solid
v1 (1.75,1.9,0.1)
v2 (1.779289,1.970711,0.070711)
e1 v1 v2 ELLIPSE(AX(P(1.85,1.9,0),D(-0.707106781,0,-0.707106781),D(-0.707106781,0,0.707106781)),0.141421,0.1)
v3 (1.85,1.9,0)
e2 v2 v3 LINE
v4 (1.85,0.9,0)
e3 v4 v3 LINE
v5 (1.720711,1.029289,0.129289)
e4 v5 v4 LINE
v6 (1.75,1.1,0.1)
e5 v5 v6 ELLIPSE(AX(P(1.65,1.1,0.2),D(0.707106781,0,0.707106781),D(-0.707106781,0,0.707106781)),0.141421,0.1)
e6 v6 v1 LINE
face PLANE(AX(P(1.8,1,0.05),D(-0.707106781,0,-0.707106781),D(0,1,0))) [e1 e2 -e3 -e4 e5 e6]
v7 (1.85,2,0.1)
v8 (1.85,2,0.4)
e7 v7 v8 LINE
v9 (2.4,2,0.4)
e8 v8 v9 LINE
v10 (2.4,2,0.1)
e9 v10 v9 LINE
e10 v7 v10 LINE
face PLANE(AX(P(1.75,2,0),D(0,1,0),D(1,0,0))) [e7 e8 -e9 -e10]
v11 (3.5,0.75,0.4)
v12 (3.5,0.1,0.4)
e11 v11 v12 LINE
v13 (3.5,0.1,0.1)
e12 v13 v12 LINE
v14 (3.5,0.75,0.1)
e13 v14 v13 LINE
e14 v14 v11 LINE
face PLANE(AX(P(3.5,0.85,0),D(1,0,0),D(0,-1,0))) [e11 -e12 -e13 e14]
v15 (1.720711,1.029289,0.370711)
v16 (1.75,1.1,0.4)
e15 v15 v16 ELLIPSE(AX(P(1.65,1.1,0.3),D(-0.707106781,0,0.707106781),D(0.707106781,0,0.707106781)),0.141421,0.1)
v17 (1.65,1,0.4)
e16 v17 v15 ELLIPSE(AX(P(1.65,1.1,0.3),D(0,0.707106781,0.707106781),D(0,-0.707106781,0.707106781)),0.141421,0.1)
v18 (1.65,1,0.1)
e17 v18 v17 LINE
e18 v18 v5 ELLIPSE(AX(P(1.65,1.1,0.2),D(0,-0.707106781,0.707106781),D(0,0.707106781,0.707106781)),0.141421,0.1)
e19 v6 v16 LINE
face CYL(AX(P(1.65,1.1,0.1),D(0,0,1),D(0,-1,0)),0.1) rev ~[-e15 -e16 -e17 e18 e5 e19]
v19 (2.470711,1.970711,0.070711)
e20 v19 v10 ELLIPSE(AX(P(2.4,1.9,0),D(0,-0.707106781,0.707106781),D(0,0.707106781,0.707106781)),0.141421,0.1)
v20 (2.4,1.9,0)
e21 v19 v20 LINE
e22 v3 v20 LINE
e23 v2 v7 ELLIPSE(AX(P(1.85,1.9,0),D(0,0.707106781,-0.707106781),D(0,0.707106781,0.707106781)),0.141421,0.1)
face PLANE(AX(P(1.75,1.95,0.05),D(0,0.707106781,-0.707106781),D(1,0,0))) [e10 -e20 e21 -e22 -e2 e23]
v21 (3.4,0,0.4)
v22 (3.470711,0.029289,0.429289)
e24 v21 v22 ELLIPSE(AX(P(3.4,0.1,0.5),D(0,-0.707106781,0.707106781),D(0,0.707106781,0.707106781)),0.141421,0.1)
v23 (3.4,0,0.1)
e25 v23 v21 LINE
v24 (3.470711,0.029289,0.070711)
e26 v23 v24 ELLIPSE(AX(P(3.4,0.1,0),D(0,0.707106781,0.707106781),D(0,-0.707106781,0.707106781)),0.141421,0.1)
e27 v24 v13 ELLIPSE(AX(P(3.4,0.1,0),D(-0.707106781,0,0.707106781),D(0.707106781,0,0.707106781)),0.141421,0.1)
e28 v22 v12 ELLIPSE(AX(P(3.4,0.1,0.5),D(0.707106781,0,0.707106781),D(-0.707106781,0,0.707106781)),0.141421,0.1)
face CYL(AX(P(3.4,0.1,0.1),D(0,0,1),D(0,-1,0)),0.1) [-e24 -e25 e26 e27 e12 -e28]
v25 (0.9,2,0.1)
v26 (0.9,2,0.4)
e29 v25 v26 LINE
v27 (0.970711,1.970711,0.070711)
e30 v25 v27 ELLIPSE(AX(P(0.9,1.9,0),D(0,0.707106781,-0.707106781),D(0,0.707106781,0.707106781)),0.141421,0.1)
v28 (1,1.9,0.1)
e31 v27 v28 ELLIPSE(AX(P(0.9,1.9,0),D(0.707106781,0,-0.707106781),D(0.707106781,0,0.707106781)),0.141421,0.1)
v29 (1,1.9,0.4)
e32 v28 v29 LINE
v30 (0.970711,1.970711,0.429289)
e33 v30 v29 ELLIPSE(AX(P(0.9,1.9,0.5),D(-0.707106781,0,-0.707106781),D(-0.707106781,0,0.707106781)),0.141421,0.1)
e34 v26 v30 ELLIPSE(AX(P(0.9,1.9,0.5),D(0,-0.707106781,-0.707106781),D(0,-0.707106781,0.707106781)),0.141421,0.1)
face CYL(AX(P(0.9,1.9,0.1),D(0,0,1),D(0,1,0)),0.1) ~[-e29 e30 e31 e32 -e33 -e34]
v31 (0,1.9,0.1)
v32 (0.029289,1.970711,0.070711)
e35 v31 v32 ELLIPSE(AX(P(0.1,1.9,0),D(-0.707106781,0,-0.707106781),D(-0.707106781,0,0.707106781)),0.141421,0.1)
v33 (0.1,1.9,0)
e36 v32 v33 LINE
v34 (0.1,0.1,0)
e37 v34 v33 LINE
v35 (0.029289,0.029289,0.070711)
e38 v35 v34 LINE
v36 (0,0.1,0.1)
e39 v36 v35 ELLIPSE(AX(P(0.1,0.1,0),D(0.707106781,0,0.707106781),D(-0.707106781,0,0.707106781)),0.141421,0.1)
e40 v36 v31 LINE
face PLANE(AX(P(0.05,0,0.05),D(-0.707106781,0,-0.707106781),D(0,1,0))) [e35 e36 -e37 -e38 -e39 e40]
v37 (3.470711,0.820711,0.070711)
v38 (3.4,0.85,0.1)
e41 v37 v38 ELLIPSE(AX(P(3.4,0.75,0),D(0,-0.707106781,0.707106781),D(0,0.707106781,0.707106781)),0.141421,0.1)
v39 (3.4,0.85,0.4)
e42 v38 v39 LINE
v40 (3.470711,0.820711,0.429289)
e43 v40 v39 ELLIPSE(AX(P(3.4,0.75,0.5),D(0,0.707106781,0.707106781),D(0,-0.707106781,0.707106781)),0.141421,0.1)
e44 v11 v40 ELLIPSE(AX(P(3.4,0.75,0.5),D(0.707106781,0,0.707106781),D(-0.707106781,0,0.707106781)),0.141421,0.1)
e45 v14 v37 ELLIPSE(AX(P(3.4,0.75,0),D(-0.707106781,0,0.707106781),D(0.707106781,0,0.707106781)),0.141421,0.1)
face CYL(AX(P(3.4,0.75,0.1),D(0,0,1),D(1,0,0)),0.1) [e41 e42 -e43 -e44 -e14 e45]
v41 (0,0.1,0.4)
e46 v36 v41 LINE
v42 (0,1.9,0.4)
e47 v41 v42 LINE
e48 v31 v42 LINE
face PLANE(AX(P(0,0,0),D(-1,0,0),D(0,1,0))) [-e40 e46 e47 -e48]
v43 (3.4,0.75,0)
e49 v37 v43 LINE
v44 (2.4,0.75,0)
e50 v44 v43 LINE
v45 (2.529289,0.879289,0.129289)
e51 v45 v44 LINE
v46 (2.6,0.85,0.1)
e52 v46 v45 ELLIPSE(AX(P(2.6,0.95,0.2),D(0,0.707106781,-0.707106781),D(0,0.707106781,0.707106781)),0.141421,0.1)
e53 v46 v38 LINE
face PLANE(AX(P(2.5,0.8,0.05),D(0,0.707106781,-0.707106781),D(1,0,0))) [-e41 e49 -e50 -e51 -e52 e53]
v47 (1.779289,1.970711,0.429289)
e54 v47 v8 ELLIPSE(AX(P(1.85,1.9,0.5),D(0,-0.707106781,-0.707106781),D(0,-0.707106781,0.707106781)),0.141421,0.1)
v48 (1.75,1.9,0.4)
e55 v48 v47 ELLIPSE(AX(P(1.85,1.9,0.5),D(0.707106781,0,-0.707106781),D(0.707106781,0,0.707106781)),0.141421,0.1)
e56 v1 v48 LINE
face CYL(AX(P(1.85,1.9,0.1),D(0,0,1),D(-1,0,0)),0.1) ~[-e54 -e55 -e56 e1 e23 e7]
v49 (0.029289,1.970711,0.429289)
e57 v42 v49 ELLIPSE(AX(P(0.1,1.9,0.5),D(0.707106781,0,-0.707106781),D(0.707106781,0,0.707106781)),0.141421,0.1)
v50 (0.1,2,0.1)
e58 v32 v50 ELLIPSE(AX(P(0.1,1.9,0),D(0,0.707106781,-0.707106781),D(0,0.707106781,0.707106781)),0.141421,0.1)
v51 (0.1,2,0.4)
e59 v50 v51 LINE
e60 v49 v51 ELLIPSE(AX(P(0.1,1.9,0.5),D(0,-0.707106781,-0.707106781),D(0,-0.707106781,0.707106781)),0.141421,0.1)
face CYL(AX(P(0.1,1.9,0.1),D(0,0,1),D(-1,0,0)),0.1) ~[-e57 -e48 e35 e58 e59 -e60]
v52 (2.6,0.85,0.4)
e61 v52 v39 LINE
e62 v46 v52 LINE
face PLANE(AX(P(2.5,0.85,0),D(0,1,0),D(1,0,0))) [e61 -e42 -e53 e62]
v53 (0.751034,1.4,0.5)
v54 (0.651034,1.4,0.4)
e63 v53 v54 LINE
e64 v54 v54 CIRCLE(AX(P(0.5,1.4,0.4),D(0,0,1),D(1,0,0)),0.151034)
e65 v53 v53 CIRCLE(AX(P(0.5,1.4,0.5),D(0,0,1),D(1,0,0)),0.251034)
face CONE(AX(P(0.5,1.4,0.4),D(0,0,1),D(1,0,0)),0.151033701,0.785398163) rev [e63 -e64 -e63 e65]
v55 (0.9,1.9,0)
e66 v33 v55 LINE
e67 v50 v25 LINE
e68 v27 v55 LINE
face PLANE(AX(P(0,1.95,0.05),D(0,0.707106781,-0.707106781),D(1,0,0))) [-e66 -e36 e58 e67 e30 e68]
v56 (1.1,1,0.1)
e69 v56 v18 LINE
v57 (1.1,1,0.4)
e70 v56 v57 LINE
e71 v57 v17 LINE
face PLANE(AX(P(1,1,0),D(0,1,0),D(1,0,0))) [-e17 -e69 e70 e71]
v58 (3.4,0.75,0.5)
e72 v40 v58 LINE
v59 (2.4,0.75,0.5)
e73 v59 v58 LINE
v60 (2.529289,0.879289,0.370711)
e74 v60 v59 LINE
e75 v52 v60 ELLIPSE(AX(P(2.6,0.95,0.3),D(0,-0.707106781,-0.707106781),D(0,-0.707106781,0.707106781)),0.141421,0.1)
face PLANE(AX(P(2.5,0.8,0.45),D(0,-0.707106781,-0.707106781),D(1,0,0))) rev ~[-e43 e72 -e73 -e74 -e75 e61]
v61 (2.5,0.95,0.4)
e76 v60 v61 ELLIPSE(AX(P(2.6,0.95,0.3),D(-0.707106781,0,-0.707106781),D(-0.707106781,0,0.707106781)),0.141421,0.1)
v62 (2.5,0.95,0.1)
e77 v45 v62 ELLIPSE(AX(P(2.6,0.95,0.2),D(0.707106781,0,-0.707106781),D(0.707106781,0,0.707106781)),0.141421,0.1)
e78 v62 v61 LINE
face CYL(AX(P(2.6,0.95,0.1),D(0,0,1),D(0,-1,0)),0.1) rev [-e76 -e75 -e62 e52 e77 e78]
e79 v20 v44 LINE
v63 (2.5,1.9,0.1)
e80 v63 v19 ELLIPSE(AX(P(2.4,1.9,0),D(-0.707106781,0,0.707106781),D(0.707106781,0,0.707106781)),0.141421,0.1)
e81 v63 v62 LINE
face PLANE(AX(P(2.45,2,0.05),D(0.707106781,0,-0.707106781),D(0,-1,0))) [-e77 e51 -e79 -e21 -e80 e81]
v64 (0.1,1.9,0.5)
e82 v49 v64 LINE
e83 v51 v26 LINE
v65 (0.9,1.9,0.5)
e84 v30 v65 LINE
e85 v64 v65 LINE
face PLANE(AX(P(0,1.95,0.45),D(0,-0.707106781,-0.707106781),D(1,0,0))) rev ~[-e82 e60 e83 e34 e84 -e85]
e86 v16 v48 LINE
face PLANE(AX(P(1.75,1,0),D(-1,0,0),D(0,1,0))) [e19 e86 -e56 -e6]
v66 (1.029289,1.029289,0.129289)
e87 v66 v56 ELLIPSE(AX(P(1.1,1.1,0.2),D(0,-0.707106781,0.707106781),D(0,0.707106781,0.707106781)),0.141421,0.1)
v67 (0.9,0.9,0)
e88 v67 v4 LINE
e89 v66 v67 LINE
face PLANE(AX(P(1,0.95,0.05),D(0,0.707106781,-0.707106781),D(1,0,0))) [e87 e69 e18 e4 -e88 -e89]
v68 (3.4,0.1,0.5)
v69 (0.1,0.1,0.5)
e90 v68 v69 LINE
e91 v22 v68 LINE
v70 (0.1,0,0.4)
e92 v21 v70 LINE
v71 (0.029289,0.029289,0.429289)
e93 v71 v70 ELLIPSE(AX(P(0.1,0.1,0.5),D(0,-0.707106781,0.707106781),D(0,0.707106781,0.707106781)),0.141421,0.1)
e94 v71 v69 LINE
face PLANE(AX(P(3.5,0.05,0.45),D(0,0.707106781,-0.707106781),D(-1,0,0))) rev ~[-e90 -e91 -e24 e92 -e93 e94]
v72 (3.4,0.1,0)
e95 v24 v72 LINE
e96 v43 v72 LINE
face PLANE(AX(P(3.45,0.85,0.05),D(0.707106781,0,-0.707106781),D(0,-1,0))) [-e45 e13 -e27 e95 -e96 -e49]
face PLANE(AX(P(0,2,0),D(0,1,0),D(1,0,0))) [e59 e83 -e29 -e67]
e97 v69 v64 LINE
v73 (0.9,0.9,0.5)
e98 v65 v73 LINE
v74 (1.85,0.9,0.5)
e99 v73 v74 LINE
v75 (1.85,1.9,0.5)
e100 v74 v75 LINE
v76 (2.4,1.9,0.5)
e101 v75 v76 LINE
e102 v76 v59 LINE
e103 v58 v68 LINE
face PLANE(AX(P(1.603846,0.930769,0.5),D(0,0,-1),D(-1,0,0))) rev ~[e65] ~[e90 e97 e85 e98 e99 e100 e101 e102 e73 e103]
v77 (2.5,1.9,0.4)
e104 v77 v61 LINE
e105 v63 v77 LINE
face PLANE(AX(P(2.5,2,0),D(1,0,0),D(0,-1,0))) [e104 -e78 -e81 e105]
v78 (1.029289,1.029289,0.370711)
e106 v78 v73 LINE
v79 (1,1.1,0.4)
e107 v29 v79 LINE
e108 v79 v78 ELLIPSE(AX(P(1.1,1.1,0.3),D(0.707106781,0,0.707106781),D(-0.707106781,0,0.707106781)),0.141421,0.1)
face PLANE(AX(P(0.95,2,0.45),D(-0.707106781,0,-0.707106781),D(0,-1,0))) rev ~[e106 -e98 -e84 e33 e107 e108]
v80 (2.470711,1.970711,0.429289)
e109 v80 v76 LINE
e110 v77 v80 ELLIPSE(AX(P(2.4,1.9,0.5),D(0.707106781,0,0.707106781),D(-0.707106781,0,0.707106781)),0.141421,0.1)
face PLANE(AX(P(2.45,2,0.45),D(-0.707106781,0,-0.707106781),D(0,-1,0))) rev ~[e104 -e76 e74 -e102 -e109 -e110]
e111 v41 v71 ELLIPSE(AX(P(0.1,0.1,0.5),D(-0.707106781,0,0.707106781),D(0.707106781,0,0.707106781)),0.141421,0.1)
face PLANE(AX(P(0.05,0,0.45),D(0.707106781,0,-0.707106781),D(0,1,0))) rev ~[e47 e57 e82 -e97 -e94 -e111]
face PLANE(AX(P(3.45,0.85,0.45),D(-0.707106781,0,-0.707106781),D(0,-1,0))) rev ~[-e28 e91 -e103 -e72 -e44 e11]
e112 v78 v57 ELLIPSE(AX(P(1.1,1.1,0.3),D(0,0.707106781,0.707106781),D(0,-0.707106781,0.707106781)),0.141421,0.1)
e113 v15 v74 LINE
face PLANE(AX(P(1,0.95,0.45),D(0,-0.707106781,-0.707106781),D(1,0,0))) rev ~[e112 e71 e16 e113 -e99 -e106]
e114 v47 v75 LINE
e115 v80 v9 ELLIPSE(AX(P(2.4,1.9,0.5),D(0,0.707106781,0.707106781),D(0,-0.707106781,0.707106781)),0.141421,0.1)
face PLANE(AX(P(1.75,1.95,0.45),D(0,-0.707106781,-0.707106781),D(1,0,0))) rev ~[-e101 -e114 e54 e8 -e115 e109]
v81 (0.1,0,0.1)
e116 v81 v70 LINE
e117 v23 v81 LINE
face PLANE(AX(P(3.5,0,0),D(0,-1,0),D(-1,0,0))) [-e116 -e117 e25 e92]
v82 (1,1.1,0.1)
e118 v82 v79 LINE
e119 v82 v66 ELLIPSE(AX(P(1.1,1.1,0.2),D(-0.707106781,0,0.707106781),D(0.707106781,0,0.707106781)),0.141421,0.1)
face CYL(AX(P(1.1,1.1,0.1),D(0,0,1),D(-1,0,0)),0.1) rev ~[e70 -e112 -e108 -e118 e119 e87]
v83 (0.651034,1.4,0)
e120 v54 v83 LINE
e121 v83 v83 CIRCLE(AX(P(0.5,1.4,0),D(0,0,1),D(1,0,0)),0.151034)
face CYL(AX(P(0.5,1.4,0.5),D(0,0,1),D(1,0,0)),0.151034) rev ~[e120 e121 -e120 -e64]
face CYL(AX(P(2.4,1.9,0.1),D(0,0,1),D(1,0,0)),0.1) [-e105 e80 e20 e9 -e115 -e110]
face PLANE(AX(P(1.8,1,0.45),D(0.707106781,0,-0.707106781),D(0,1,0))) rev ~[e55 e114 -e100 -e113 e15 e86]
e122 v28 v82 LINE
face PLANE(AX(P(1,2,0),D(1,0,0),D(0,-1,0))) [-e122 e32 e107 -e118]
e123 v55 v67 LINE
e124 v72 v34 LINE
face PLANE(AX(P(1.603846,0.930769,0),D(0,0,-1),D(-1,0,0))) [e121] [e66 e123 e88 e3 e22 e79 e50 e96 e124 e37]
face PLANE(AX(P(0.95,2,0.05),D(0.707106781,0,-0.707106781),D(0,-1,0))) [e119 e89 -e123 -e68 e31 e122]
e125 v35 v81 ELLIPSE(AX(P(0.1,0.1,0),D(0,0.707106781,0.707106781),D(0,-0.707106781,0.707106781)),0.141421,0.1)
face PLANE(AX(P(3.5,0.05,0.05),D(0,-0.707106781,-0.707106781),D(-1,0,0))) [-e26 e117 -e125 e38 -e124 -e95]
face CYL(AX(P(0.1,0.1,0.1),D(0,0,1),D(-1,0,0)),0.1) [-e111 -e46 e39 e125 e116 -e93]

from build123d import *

# Parameters (mm, degrees)
BOSS_EXTRUDE1_DEPTH = 0.5
CHAMFER1_SIZE       = 0.1
FILLET4_R           = 0.1
SKETCH2_R           = 0.151033701
CUT_EXTRUDE1_DEPTH  = 1.5
CHAMFER2_SIZE       = 0.1


with BuildPart() as part:
    # Sketch1 → Boss-Extrude1 (new body)
    with BuildSketch(Plane.XY):
        Polygon((0, 0), (0, 2), (1, 2), (1, 1), (1.75, 1), (1.75, 2), (2.5, 2), (2.5, 0.85), (3.5, 0.85), (3.5, 0), align=None)
    extrude(amount=BOSS_EXTRUDE1_DEPTH)

    # Chamfer1
    chamfer1_edges = [part.edges().sort_by_distance(p)[0] for p in [
        (0, 1, 0),
        (0.5, 2, 0),
        (1, 1.5, 0),
        (1.375, 1, 0),
        (1.75, 1.5, 0),
        (2.125, 2, 0),
        (2.5, 1.425, 0),
        (3, 0.85, 0.5),
        (3, 0.85, 0),
        (3.5, 0.425, 0),
        (1.75, 0, 0),
        (2.5, 1.425, 0.5),
        (2.125, 2, 0.5),
        (1.75, 1.5, 0.5),
        (1.375, 1, 0.5),
        (1, 1.5, 0.5),
        (0.5, 2, 0.5),
        (0, 1, 0.5),
        (1.75, 0, 0.5),
        (3.5, 0.425, 0.5),
    ]]
    chamfer(chamfer1_edges, length=CHAMFER1_SIZE)

    # Fillet4
    fillet4_edges = [part.edges().sort_by_distance(p)[0] for p in [
        (3.5, 0.85, 0.25),
        (3.5, 0, 0.25),
        (2.5, 0.85, 0.25),
        (2.5, 2, 0.25),
        (1.75, 2, 0.25),
        (1.75, 1, 0.25),
        (1, 1, 0.25),
        (1, 2, 0.25),
        (0, 2, 0.25),
        (0, 0, 0.25),
    ]]
    fillet(fillet4_edges, radius=FILLET4_R)

    # Sketch2 → Cut-Extrude1 (cut, through all)
    with BuildSketch(Plane.XY.offset(0.5)):
        with Locations((0.5, 1.4)):
            Circle(SKETCH2_R)
    extrude(amount=-CUT_EXTRUDE1_DEPTH, mode=Mode.SUBTRACT)

    # Chamfer2
    chamfer2_edges = [part.edges().sort_by_distance(p)[0] for p in [
        (0.348966299, 1.4, 0.5),
    ]]
    chamfer(chamfer2_edges, length=CHAMFER2_SIZE)


solid = part.part
